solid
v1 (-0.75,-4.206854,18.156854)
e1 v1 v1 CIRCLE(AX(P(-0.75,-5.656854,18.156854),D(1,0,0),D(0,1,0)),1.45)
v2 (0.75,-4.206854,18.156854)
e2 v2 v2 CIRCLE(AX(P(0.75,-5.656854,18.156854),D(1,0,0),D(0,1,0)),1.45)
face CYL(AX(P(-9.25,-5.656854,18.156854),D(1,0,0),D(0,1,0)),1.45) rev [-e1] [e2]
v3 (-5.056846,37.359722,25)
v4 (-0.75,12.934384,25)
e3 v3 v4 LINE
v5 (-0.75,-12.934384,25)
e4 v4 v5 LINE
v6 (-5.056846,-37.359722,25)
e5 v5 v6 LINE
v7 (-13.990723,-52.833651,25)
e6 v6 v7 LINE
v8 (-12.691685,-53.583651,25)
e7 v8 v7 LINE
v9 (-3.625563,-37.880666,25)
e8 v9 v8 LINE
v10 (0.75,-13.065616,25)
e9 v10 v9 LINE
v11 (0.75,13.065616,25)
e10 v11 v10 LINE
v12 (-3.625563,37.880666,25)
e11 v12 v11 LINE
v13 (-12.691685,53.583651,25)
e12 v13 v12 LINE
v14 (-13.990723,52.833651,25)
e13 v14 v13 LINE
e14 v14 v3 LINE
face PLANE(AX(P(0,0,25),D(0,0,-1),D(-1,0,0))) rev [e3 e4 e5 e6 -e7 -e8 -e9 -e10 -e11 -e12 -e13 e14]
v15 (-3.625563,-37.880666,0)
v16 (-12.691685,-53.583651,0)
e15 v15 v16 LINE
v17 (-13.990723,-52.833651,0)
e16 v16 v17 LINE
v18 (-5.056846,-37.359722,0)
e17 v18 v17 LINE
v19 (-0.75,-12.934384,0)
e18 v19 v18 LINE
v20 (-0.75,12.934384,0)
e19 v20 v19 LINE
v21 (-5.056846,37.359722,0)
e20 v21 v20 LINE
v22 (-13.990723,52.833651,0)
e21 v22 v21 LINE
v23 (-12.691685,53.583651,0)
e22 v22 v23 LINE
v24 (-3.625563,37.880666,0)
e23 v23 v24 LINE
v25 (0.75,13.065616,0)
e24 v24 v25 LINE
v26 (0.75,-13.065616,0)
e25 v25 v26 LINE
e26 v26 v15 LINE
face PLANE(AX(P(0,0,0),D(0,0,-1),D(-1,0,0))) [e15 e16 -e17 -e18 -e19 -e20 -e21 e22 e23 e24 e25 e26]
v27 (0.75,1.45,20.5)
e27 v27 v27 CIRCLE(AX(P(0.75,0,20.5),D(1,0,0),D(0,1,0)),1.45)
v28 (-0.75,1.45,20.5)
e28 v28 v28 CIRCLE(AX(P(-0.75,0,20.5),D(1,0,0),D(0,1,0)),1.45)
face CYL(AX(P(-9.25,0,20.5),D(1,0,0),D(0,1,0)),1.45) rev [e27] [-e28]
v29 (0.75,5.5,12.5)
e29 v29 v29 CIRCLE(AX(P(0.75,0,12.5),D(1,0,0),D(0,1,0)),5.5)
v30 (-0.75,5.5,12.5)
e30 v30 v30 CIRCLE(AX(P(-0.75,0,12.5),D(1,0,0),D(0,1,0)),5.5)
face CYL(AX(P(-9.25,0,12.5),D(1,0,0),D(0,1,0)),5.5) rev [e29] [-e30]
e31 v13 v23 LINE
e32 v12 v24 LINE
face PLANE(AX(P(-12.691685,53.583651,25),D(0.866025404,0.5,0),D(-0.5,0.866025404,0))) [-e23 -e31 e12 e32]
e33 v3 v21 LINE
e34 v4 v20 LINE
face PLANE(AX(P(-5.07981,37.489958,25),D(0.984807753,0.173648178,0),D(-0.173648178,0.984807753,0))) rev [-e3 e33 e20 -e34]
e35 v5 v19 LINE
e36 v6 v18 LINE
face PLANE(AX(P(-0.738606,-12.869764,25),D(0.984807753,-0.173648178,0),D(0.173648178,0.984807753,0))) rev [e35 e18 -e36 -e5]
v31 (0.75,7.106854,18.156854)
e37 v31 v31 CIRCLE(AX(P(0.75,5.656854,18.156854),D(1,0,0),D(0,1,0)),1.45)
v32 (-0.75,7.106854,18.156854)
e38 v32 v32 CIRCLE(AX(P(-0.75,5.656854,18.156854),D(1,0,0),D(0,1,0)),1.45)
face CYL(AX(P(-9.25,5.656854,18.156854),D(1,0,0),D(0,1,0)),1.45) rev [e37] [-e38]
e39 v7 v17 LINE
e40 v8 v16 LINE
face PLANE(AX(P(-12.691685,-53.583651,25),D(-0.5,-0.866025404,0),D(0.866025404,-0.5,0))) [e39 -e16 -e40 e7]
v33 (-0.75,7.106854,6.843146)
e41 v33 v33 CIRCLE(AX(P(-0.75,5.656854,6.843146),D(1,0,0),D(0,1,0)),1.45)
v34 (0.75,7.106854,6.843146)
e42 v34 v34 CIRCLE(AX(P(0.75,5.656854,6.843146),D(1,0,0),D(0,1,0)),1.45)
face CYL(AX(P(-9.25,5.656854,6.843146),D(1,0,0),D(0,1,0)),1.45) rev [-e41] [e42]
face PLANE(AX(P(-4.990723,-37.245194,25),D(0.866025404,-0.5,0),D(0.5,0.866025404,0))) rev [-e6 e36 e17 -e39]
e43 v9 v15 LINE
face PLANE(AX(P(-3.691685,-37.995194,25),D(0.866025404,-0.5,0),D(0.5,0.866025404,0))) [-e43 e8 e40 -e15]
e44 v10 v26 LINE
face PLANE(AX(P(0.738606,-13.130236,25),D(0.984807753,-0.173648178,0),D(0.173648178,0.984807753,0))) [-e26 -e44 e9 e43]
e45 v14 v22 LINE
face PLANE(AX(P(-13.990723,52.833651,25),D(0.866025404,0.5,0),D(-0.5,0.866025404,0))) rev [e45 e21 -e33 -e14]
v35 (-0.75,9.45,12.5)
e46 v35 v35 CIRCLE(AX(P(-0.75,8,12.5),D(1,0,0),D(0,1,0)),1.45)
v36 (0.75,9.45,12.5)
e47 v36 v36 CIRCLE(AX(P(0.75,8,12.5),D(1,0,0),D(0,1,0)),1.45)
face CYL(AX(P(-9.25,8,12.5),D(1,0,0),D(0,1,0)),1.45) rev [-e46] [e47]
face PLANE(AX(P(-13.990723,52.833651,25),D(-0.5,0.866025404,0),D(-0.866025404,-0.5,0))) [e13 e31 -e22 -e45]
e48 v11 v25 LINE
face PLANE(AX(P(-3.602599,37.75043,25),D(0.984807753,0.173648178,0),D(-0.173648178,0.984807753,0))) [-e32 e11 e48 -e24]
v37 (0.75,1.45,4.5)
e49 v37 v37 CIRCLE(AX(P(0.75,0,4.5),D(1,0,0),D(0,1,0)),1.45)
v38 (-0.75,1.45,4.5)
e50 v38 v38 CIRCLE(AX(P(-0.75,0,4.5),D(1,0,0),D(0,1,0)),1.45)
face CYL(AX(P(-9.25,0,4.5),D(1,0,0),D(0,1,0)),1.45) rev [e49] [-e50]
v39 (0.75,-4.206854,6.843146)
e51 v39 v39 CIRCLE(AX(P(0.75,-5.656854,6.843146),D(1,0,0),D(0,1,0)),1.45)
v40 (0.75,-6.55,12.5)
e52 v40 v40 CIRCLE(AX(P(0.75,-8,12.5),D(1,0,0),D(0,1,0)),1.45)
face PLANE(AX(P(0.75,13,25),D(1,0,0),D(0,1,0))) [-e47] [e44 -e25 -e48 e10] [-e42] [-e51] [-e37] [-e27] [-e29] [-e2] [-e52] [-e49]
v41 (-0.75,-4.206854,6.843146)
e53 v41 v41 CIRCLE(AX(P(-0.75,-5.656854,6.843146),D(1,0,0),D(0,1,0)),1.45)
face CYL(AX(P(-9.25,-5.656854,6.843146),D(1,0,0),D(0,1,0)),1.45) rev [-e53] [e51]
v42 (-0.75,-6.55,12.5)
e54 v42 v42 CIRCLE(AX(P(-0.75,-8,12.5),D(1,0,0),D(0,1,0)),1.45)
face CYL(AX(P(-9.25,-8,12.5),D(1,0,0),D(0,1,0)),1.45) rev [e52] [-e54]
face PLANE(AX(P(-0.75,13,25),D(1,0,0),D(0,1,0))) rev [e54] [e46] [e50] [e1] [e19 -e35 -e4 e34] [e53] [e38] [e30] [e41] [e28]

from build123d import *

# Parameters (mm, degrees)
EXTRUDE_1_DEPTH     = 25
SKETCH_2_R          = 5.5
SKETCH_2_R_2        = 1.45
CUT_EXTRUDE_1_DEPTH = 10


with BuildPart() as part:
    # 草图1 → 拉伸-薄壁1 (new body)
    with BuildSketch(Plane.XY):
        Polygon((-13.990723495, 52.833651093), (-5.056846112, 37.359721559), (-0.75, 12.934383502), (-0.75, -12.934383502), (-5.056846112, -37.359721559), (-13.990723495, -52.833651093), (-12.691685389, -53.583651093), (-3.625562771, -37.880666092), (0.75, -13.065616498), (0.75, 13.065616498), (-3.625562771, 37.880666092), (-12.691685389, 53.583651093), align=None)
    extrude(amount=EXTRUDE_1_DEPTH)

    # 草图2 → 切除-拉伸1 (cut)
    with BuildSketch(Plane(origin=(0.75, 0, 0), x_dir=(0, 0, -1), z_dir=(1, 0, 0))):
        with Locations(Location((-12.5, 0, 0), (0, 0, 90))):
            Circle(SKETCH_2_R)
        with Locations(Location((-20.5, 0, 0), (0, 0, 90))):
            Circle(SKETCH_2_R_2)
        with Locations(Location((-18.156854249, 5.656854249, 0), (0, 0, 90))):
            Circle(SKETCH_2_R_2)
        with Locations(Location((-12.5, 8, 0), (0, 0, 90))):
            Circle(SKETCH_2_R_2)
        with Locations(Location((-6.843145751, 5.656854249, 0), (0, 0, 90))):
            Circle(SKETCH_2_R_2)
        with Locations(Location((-4.5, 0, 0), (0, 0, 90))):
            Circle(SKETCH_2_R_2)
        with Locations(Location((-6.843145751, -5.656854249, 0), (0, 0, 90))):
            Circle(SKETCH_2_R_2)
        with Locations(Location((-12.5, -8, 0), (0, 0, 90))):
            Circle(SKETCH_2_R_2)
        with Locations(Location((-18.156854249, -5.656854249, 0), (0, 0, 90))):
            Circle(SKETCH_2_R_2)
    extrude(amount=-CUT_EXTRUDE_1_DEPTH, mode=Mode.SUBTRACT)


solid = part.part
